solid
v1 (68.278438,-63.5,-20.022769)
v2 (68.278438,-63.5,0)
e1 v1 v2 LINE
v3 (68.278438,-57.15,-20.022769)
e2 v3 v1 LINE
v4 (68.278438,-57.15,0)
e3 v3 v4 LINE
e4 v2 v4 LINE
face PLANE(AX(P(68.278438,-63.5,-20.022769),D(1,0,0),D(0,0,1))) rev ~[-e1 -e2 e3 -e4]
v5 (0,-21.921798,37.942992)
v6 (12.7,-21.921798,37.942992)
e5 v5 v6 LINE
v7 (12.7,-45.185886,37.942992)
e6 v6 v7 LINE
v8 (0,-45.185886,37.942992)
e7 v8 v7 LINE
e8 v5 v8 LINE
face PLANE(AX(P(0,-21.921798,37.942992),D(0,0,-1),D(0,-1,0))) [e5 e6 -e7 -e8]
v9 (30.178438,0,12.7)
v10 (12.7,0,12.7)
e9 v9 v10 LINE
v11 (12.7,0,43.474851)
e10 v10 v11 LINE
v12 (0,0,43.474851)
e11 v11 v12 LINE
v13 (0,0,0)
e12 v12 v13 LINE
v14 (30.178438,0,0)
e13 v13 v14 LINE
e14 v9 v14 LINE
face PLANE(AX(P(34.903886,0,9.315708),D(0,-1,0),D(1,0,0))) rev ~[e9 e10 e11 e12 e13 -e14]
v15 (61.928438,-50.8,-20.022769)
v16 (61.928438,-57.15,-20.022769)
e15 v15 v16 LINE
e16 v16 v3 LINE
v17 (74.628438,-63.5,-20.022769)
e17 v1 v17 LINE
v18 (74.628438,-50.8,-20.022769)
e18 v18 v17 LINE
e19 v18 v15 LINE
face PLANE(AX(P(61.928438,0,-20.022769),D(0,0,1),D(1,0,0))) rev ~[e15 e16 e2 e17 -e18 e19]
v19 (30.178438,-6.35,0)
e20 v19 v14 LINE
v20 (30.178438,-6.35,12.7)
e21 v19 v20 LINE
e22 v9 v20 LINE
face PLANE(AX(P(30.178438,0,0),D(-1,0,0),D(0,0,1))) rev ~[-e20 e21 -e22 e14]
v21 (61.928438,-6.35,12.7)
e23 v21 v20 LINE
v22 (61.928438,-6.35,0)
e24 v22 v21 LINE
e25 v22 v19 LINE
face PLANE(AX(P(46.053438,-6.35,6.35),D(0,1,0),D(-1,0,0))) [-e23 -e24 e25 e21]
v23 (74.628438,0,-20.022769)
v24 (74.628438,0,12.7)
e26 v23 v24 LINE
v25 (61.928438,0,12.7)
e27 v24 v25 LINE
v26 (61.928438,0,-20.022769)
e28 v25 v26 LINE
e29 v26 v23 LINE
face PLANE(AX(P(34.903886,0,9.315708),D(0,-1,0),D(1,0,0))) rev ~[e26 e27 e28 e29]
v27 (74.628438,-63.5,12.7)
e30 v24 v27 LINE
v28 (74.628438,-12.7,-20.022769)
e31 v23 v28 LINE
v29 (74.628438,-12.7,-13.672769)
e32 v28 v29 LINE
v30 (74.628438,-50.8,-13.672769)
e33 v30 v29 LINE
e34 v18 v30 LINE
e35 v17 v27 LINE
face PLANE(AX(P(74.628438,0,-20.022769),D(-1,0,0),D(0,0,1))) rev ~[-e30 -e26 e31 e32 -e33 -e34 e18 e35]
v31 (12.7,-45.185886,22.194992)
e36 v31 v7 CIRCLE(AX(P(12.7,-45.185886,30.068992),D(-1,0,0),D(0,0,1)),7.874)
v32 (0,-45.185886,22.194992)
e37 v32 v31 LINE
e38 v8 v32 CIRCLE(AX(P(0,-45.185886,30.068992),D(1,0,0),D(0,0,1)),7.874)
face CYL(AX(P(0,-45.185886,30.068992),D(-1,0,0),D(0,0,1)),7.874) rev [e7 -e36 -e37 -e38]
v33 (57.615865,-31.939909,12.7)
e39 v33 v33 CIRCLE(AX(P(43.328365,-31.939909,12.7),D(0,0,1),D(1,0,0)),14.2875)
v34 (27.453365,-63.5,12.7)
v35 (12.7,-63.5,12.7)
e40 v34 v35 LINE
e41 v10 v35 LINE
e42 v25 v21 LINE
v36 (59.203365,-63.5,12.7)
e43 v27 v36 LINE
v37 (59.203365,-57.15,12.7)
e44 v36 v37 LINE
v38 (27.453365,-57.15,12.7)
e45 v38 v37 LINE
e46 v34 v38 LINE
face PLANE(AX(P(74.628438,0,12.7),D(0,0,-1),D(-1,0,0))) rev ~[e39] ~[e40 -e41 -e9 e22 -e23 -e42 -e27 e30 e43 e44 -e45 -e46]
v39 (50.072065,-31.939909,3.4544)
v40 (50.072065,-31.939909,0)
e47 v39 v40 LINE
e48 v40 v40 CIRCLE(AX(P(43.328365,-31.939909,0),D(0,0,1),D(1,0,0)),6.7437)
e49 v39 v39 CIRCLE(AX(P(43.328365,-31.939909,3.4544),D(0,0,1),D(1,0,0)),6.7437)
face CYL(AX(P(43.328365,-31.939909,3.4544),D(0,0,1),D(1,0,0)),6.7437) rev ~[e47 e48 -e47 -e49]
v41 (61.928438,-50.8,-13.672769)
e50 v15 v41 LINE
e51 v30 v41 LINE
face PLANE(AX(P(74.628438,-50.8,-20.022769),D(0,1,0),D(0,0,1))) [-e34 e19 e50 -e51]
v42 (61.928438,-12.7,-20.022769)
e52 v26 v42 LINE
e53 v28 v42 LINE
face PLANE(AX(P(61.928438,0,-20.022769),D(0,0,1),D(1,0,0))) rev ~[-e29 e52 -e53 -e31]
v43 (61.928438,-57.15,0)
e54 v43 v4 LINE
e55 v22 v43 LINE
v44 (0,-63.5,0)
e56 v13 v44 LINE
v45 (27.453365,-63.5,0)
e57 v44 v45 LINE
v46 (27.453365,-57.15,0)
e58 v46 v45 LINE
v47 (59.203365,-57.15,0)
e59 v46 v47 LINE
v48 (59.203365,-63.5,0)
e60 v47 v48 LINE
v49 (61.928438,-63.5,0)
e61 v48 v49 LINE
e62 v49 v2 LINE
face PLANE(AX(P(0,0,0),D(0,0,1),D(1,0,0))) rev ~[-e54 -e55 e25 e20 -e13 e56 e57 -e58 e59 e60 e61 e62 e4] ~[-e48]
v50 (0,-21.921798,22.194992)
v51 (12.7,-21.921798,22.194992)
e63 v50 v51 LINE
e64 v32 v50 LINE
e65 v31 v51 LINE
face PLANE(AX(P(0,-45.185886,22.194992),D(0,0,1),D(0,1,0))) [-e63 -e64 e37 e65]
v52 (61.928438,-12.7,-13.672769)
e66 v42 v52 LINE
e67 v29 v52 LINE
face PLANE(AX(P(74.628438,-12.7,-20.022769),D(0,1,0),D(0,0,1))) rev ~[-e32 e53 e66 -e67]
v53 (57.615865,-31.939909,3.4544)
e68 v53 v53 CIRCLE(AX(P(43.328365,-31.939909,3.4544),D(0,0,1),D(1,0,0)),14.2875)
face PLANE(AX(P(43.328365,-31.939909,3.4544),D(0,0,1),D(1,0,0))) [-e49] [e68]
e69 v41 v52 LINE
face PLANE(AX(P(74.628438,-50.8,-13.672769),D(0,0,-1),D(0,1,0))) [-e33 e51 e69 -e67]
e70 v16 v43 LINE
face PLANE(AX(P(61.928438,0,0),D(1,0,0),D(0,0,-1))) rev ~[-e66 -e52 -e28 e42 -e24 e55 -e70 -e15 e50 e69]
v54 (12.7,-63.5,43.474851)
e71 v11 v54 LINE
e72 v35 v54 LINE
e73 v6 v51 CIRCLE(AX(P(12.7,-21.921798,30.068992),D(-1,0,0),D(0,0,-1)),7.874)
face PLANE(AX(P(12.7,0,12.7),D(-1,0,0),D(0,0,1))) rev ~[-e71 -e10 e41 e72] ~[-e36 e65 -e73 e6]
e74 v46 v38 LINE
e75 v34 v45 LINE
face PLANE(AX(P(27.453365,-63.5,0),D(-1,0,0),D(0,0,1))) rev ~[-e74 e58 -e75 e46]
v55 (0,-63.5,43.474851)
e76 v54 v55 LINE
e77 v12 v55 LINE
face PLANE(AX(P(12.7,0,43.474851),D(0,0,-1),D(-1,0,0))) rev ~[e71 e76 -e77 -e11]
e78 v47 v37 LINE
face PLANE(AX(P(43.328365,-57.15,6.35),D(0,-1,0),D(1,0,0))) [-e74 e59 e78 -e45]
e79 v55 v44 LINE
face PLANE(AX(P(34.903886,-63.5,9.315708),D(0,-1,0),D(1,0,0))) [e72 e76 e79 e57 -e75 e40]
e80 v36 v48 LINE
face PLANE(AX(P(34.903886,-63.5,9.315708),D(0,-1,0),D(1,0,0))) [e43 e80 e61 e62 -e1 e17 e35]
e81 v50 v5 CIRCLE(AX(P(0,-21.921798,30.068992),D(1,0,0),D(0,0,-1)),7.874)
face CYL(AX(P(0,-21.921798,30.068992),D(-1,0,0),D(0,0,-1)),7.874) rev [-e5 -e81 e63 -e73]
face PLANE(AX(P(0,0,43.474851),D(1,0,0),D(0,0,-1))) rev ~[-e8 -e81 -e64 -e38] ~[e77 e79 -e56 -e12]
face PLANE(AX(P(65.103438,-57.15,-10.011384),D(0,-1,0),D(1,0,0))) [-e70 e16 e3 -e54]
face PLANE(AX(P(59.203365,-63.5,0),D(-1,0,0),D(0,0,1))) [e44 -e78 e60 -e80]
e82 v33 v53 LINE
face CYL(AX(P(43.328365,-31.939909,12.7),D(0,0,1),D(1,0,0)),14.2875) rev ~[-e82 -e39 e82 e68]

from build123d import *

# Parameters (mm, degrees)
F1_DEPTH  = 63.5
F2_W      = 31.75
F2_H      = 12.7
F2_W_2    = 6.35
F2_H_2    = 20.0227687303
F3_DEPTH  = 6.35
F4_W      = 38.1
F4_H      = 6.35
F5_DEPTH  = 74.629437754
F7_DEPTH  = 74.629437754
F8_R      = 14.2875
F8_R_2    = 6.7437
F9_DEPTH  = 9.2456
F10_R     = 6.7437
F11_DEPTH = 23.4781687303
F12_W     = 31.75
F12_H     = 12.7
F13_DEPTH = 6.35


with BuildPart() as f1:
    # F0 (on Front) → F1 (new body)
    with BuildSketch(Plane.XZ):
        Polygon((0, 43.474850689), (0, 0), (61.928437754, 0), (61.928437754, -20.0227687303), (74.628437754, -20.0227687303), (74.628437754, 12.7), (61.928437754, 12.7), (30.178437754, 12.7), (12.7, 12.7), (12.7, 43.474850689), align=None)
    extrude(amount=F1_DEPTH)

    # F2 (on face) → F3 (cut, symmetric)
    with BuildSketch(Plane.XZ.offset(63.5)):
        with Locations((43.3283648044, 6.35)):
            Rectangle(F2_W, F2_H)
        with Locations((65.103437754, -10.0113843652)):
            Rectangle(F2_W_2, F2_H_2)
    extrude(amount=F3_DEPTH, both=True, mode=Mode.SUBTRACT)

    # F4 (on face) → F5 (cut, through all)
    with BuildSketch(Plane.YZ.offset(74.628437754)):
        with Locations((-31.75, -16.8477687303)):
            Rectangle(F4_W, F4_H)
    extrude(amount=-F5_DEPTH, mode=Mode.SUBTRACT)

    # F6 (on Right) → F7 (cut, through all)
    with BuildSketch(Plane.YZ):
        with BuildLine():
            Line((-21.9217978256, 37.9429917058), (-45.1858863235, 37.9429917058))
            ThreePointArc((-45.1858863235, 37.9429917058), (-53.0598863235, 30.0689917058), (-45.1858863235, 22.1949917058))
            Line((-45.1858863235, 22.1949917058), (-21.9217978256, 22.1949917058))
            ThreePointArc((-21.9217978256, 22.1949917058), (-14.0477978256, 30.0689917058), (-21.9217978256, 37.9429917058))
        make_face()
    extrude(amount=F7_DEPTH, mode=Mode.SUBTRACT)

    # F8 (on face) → F9 (cut)
    with BuildSketch(Plane.XY.offset(12.7)):
        with Locations((43.3283648044, -31.9399088621)):
            Circle(F8_R)
        with Locations((43.3283648044, -31.9399088621)):
            Circle(F8_R_2, mode=Mode.SUBTRACT)
        with Locations((43.3283648044, -31.9399088621)):
            Circle(F8_R_2)
    extrude(amount=-F9_DEPTH, mode=Mode.SUBTRACT)

    # F10 (on face) → F11 (cut, through all)
    with BuildSketch(Plane.XY.offset(3.4544)):
        with Locations((43.3283648044, -31.9399088621)):
            Circle(F10_R)
    extrude(amount=-F11_DEPTH, mode=Mode.SUBTRACT)

    # F12 (on face) → F13 (cut, symmetric)
    with BuildSketch(Plane(origin=(0, 0, 0), x_dir=(-1, 0, 0), z_dir=(0, 1, 0))):
        with Locations((-46.053437754, 6.35)):
            Rectangle(F12_W, F12_H)
    extrude(amount=F13_DEPTH, both=True, mode=Mode.SUBTRACT)


solid = f1.part
